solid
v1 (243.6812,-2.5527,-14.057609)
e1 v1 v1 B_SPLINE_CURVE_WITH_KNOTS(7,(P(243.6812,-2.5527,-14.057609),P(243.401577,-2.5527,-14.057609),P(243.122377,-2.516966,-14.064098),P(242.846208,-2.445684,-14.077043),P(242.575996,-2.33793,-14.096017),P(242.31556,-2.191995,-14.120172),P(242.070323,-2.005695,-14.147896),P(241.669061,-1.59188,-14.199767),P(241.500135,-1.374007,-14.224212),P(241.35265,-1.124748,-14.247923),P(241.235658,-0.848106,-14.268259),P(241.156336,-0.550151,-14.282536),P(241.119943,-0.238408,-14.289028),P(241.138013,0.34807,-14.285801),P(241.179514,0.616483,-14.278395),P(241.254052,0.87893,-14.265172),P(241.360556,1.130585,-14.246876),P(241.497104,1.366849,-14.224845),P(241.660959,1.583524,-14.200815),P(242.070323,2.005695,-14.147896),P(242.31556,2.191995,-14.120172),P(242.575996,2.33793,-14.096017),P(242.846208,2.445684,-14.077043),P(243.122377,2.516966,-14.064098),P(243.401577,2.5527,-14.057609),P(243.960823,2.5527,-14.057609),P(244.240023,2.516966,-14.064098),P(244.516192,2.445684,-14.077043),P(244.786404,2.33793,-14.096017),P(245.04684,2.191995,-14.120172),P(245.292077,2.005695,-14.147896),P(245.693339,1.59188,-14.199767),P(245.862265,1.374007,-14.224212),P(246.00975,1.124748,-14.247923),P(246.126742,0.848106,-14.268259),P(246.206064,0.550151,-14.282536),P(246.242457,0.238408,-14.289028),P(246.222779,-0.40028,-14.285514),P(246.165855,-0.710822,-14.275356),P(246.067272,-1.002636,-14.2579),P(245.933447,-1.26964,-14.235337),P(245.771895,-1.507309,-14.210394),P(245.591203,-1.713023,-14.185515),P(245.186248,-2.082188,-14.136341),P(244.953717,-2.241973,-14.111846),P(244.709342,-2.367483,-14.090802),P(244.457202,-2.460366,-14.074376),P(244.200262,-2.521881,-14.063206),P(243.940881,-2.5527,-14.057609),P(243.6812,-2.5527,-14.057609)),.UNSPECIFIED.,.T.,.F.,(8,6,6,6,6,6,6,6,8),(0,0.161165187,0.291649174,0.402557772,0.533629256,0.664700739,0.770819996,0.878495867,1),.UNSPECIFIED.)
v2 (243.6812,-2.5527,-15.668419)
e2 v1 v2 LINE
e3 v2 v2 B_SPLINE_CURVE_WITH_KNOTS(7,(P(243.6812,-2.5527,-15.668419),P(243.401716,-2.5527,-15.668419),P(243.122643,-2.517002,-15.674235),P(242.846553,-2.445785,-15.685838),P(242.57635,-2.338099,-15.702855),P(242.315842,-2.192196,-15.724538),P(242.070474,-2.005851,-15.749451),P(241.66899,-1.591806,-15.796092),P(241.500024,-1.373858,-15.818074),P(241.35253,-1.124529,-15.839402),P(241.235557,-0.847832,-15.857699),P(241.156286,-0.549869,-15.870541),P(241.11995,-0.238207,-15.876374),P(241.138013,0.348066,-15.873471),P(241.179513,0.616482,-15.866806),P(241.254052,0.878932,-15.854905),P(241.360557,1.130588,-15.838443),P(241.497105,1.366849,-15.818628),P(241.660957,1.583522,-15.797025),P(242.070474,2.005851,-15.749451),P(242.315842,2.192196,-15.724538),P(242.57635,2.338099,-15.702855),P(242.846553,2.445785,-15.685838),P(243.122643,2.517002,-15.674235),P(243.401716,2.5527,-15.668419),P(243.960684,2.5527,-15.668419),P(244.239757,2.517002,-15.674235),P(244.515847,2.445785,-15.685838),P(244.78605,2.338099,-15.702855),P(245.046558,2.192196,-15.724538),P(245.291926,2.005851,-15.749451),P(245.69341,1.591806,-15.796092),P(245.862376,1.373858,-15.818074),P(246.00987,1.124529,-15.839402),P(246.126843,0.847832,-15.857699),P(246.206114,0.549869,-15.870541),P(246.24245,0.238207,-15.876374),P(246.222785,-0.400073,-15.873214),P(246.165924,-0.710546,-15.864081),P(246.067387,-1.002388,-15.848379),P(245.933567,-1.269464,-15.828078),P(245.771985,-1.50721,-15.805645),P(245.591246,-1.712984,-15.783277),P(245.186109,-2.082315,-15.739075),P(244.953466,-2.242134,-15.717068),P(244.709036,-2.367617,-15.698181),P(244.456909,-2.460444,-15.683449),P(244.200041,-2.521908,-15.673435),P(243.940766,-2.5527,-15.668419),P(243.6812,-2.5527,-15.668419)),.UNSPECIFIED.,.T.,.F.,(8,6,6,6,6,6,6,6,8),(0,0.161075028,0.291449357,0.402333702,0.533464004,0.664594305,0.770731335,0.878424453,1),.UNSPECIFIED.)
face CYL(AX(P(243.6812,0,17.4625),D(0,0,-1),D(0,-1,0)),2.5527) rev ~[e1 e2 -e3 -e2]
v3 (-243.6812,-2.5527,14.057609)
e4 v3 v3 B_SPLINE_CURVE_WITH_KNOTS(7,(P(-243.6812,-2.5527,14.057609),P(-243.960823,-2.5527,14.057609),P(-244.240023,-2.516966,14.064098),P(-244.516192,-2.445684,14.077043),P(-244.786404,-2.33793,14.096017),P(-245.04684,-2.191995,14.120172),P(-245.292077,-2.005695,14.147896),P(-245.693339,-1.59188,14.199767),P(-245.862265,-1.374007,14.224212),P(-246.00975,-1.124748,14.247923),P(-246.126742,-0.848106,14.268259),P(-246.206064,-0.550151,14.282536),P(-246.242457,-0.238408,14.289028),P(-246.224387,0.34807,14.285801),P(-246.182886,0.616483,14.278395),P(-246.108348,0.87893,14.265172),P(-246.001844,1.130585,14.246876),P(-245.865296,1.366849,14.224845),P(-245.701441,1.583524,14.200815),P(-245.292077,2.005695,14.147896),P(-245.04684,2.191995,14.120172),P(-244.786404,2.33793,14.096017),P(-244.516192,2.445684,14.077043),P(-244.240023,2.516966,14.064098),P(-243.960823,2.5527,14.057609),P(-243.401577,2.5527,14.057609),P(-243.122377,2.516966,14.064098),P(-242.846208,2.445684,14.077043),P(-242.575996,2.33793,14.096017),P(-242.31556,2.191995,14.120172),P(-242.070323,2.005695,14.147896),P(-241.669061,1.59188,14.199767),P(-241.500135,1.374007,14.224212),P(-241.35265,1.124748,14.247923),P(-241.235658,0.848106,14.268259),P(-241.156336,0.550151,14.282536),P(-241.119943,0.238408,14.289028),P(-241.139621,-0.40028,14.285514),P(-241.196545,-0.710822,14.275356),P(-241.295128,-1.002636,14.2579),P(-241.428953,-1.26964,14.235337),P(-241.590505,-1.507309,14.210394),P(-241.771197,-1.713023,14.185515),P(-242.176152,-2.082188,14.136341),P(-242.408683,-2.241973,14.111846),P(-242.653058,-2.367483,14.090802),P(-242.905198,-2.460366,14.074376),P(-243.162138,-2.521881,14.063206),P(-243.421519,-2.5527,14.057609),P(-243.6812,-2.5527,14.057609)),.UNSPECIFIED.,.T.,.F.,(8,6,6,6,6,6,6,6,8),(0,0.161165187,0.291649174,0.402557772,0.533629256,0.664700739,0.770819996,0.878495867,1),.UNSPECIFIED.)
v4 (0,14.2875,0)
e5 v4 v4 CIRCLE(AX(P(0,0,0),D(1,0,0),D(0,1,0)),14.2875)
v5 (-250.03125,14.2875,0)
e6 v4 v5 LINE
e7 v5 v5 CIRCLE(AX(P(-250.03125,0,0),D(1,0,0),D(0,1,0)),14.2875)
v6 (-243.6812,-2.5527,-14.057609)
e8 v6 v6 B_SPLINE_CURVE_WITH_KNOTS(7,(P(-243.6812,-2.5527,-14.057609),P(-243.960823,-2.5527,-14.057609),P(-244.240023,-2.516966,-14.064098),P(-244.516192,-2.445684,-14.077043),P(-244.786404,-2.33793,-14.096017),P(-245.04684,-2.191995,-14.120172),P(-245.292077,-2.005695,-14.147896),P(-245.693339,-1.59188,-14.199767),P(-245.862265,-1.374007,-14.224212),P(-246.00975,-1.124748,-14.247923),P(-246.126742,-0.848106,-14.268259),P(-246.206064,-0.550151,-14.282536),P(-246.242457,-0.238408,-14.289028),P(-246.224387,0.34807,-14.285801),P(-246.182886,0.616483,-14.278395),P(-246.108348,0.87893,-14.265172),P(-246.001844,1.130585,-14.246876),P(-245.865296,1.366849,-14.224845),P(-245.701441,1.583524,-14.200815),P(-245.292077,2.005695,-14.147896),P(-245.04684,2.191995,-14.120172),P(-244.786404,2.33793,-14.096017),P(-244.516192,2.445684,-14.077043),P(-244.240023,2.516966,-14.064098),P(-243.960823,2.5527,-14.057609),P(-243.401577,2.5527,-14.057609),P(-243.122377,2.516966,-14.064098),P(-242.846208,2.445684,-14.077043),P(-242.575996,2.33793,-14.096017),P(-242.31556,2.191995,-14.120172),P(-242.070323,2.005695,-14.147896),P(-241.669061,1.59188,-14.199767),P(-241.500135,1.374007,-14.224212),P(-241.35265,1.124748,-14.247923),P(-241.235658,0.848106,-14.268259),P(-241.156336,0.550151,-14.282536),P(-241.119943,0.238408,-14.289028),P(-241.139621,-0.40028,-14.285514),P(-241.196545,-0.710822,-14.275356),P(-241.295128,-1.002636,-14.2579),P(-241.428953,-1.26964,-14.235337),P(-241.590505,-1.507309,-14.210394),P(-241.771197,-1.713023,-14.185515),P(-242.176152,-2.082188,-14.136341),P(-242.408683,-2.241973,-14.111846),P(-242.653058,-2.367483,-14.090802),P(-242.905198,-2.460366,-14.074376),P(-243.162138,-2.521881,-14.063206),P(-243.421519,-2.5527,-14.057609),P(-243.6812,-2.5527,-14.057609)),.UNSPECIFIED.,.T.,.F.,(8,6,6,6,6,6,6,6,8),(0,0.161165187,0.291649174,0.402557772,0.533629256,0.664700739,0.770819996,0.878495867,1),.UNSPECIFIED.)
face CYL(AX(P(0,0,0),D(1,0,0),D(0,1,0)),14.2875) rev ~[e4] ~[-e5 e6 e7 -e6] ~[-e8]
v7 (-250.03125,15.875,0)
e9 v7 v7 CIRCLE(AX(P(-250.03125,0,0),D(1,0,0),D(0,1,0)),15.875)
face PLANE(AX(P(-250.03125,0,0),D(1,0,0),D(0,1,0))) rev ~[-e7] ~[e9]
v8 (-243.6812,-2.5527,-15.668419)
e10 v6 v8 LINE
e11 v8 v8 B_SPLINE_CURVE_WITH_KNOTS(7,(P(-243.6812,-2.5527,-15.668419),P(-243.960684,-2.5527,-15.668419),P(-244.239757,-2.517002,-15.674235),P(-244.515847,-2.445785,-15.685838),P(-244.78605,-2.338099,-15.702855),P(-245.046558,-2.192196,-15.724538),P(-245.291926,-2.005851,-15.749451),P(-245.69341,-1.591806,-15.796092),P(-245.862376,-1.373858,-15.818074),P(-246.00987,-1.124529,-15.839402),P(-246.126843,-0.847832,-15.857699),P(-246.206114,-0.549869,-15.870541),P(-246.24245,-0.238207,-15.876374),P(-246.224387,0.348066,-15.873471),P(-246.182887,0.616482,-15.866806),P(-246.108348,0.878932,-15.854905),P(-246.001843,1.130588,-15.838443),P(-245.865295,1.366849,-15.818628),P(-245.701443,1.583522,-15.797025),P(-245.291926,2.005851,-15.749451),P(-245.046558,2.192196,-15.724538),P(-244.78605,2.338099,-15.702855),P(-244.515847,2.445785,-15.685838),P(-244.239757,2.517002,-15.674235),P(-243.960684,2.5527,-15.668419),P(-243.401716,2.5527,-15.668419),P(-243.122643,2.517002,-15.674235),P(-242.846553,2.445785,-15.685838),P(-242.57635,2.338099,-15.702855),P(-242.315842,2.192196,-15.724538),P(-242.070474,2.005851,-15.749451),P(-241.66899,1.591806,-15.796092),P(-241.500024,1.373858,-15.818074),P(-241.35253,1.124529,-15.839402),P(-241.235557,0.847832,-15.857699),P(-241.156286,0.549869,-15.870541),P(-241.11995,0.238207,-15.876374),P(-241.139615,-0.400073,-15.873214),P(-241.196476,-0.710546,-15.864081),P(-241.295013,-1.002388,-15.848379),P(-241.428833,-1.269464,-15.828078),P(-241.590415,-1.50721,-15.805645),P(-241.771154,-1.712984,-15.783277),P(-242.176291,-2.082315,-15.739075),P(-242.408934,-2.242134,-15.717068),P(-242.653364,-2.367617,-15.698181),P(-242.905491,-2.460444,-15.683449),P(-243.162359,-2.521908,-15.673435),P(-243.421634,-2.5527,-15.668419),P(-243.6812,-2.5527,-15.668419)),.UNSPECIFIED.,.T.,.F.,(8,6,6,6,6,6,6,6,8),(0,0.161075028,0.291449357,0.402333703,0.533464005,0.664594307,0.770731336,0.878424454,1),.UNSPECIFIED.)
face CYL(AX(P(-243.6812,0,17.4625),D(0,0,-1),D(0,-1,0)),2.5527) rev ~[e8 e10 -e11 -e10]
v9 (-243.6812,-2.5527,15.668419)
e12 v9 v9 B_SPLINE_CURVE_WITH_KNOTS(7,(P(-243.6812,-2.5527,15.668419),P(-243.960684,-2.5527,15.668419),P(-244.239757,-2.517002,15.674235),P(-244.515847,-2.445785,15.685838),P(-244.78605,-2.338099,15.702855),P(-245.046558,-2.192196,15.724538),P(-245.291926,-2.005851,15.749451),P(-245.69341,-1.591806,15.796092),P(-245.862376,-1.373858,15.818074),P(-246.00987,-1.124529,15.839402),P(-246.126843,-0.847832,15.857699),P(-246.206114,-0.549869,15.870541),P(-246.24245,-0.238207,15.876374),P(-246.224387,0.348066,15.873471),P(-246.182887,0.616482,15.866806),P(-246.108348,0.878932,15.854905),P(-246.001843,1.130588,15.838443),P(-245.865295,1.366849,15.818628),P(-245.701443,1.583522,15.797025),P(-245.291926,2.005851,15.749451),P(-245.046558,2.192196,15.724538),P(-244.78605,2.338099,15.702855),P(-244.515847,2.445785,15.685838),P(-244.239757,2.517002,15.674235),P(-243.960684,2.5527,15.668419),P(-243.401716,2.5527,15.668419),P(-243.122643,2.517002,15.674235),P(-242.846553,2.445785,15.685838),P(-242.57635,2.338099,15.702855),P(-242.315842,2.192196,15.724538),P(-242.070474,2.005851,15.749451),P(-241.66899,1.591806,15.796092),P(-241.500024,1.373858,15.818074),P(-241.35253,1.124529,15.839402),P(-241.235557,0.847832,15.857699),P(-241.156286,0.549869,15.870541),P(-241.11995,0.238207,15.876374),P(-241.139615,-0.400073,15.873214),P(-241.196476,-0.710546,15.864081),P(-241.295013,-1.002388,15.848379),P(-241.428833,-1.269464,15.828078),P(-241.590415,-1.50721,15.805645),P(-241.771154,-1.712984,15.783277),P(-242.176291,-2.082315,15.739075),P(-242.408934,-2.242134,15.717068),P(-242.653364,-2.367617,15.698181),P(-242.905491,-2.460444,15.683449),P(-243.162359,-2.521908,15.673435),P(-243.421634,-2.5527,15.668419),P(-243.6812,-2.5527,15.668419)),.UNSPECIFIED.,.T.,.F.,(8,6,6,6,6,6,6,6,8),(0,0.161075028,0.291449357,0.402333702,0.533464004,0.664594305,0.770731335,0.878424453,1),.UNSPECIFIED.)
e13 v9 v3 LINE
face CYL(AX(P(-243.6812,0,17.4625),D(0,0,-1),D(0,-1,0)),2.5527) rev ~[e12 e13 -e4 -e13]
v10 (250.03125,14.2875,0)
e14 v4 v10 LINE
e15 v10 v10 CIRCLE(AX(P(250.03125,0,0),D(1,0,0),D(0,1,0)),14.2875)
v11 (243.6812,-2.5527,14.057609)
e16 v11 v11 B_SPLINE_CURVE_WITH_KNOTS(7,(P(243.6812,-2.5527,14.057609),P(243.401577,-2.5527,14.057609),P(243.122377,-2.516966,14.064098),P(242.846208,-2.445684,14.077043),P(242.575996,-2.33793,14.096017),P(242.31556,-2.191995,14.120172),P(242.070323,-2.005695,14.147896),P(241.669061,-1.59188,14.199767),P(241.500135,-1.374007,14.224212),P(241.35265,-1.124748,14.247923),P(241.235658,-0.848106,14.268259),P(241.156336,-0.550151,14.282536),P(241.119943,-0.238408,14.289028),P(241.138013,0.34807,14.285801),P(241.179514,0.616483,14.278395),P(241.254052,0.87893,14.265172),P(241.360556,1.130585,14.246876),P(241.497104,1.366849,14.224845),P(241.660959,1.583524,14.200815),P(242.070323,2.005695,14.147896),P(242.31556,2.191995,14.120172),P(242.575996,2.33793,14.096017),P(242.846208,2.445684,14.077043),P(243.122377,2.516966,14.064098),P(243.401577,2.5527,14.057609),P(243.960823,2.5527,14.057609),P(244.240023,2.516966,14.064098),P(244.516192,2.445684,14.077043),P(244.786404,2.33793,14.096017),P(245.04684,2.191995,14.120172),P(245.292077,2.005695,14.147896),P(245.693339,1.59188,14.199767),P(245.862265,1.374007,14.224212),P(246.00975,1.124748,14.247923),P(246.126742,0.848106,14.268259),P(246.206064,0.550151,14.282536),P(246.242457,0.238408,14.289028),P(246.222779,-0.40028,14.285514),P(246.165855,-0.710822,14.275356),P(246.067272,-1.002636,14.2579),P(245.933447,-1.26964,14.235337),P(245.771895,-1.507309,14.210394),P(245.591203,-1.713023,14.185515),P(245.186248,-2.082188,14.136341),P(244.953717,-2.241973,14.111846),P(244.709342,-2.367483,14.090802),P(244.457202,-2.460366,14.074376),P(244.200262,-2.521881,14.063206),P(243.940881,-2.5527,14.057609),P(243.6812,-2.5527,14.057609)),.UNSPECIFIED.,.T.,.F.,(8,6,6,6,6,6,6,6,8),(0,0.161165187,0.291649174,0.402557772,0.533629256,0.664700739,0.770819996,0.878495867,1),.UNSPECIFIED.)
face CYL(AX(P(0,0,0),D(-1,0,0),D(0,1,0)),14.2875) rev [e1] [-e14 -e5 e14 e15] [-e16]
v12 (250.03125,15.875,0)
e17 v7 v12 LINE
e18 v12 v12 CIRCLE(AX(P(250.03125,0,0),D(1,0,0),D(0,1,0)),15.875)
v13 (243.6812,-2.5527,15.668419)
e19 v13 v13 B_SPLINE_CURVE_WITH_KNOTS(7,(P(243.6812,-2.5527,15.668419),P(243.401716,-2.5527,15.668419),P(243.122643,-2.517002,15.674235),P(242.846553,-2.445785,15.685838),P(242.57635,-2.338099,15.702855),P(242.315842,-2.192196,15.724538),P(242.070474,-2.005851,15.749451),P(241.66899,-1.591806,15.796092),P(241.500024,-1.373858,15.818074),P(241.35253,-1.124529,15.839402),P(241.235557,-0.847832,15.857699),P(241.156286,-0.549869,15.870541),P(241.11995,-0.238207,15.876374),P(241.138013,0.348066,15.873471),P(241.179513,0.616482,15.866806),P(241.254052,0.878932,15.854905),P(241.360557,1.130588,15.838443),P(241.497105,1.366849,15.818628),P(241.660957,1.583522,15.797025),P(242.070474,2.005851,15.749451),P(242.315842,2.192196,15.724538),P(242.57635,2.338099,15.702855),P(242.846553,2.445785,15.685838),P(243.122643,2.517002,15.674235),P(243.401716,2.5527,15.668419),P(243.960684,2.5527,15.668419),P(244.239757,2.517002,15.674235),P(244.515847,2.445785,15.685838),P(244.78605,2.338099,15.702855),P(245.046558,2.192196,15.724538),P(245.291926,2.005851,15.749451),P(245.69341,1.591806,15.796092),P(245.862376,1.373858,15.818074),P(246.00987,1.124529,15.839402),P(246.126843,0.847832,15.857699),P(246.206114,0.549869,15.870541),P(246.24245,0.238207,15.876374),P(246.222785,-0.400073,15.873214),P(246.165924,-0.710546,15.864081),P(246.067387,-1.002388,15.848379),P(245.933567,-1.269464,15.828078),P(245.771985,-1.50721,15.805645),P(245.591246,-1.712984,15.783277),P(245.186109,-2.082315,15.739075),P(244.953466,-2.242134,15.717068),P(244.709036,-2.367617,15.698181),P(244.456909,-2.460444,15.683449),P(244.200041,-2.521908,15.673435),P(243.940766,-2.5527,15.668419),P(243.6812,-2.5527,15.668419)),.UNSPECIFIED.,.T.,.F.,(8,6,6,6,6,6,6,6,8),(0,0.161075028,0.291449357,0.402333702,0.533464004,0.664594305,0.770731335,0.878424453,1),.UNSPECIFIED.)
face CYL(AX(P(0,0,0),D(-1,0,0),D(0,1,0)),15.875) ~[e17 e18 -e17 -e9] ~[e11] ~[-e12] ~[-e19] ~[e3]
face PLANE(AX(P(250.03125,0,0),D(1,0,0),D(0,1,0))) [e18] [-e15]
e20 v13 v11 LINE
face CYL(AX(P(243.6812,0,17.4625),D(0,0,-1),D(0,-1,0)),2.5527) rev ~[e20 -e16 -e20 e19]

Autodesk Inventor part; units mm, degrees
ref_plane "YZ Plane" through (0, 0, 0) normal (1, 0, 0) x (0, 1, 0)
ref_plane "XZ Plane" through (0, 0, 0) normal (0, 1, 0) x (-1, 0, 0)
sketch "Sketch1" plane through (0, 0, 0) normal (1, 0, 0) x (0, 1, 0)
  circle A0 centre (0, 0) radius 15.875
  circle A1 centre (0, 0) radius 14.2875
  dimension "d0" = 31.75
  dimension "d2" = 1.5875
extrude "Extrusion1" add sketch "Sketch1" along normal mid plane 500.0625
ref_plane "Work Plane1" through (0, 0, 17.4625) normal (0, 0, 1) x (1, 0, 0)
sketch "Sketch3" plane through (0, 0, 17.4625) normal (0, 0, 1) x (1, 0, 0)
  line L0 (-250.0312, 15.875) -> (-250.0312, -15.875) projected
  line L1 (250.0312, -15.875) -> (250.0312, 15.875) projected
  point P0 (0, 0)
  point P1 (-243.6812, 0)
  point P2 (-250.0312, 0)
  point P3 (243.6812, 0)
  point P4 (250.0312, 0)
  dimension "d15" = 6.35
  dimension "d16" = 6.35
hole "Hole2" at (-243.6812, 0, 17.4625) at (243.6812, 0, 17.4625) direction (0, 0, -1) diameter 5.1054 end through all clearance for "Flat Head Machine Screw (82)" size "#10" standard "Ansi Unified Screw Threads"
properties part number "GI - 003" material "Polycarbonate, Smoke"
